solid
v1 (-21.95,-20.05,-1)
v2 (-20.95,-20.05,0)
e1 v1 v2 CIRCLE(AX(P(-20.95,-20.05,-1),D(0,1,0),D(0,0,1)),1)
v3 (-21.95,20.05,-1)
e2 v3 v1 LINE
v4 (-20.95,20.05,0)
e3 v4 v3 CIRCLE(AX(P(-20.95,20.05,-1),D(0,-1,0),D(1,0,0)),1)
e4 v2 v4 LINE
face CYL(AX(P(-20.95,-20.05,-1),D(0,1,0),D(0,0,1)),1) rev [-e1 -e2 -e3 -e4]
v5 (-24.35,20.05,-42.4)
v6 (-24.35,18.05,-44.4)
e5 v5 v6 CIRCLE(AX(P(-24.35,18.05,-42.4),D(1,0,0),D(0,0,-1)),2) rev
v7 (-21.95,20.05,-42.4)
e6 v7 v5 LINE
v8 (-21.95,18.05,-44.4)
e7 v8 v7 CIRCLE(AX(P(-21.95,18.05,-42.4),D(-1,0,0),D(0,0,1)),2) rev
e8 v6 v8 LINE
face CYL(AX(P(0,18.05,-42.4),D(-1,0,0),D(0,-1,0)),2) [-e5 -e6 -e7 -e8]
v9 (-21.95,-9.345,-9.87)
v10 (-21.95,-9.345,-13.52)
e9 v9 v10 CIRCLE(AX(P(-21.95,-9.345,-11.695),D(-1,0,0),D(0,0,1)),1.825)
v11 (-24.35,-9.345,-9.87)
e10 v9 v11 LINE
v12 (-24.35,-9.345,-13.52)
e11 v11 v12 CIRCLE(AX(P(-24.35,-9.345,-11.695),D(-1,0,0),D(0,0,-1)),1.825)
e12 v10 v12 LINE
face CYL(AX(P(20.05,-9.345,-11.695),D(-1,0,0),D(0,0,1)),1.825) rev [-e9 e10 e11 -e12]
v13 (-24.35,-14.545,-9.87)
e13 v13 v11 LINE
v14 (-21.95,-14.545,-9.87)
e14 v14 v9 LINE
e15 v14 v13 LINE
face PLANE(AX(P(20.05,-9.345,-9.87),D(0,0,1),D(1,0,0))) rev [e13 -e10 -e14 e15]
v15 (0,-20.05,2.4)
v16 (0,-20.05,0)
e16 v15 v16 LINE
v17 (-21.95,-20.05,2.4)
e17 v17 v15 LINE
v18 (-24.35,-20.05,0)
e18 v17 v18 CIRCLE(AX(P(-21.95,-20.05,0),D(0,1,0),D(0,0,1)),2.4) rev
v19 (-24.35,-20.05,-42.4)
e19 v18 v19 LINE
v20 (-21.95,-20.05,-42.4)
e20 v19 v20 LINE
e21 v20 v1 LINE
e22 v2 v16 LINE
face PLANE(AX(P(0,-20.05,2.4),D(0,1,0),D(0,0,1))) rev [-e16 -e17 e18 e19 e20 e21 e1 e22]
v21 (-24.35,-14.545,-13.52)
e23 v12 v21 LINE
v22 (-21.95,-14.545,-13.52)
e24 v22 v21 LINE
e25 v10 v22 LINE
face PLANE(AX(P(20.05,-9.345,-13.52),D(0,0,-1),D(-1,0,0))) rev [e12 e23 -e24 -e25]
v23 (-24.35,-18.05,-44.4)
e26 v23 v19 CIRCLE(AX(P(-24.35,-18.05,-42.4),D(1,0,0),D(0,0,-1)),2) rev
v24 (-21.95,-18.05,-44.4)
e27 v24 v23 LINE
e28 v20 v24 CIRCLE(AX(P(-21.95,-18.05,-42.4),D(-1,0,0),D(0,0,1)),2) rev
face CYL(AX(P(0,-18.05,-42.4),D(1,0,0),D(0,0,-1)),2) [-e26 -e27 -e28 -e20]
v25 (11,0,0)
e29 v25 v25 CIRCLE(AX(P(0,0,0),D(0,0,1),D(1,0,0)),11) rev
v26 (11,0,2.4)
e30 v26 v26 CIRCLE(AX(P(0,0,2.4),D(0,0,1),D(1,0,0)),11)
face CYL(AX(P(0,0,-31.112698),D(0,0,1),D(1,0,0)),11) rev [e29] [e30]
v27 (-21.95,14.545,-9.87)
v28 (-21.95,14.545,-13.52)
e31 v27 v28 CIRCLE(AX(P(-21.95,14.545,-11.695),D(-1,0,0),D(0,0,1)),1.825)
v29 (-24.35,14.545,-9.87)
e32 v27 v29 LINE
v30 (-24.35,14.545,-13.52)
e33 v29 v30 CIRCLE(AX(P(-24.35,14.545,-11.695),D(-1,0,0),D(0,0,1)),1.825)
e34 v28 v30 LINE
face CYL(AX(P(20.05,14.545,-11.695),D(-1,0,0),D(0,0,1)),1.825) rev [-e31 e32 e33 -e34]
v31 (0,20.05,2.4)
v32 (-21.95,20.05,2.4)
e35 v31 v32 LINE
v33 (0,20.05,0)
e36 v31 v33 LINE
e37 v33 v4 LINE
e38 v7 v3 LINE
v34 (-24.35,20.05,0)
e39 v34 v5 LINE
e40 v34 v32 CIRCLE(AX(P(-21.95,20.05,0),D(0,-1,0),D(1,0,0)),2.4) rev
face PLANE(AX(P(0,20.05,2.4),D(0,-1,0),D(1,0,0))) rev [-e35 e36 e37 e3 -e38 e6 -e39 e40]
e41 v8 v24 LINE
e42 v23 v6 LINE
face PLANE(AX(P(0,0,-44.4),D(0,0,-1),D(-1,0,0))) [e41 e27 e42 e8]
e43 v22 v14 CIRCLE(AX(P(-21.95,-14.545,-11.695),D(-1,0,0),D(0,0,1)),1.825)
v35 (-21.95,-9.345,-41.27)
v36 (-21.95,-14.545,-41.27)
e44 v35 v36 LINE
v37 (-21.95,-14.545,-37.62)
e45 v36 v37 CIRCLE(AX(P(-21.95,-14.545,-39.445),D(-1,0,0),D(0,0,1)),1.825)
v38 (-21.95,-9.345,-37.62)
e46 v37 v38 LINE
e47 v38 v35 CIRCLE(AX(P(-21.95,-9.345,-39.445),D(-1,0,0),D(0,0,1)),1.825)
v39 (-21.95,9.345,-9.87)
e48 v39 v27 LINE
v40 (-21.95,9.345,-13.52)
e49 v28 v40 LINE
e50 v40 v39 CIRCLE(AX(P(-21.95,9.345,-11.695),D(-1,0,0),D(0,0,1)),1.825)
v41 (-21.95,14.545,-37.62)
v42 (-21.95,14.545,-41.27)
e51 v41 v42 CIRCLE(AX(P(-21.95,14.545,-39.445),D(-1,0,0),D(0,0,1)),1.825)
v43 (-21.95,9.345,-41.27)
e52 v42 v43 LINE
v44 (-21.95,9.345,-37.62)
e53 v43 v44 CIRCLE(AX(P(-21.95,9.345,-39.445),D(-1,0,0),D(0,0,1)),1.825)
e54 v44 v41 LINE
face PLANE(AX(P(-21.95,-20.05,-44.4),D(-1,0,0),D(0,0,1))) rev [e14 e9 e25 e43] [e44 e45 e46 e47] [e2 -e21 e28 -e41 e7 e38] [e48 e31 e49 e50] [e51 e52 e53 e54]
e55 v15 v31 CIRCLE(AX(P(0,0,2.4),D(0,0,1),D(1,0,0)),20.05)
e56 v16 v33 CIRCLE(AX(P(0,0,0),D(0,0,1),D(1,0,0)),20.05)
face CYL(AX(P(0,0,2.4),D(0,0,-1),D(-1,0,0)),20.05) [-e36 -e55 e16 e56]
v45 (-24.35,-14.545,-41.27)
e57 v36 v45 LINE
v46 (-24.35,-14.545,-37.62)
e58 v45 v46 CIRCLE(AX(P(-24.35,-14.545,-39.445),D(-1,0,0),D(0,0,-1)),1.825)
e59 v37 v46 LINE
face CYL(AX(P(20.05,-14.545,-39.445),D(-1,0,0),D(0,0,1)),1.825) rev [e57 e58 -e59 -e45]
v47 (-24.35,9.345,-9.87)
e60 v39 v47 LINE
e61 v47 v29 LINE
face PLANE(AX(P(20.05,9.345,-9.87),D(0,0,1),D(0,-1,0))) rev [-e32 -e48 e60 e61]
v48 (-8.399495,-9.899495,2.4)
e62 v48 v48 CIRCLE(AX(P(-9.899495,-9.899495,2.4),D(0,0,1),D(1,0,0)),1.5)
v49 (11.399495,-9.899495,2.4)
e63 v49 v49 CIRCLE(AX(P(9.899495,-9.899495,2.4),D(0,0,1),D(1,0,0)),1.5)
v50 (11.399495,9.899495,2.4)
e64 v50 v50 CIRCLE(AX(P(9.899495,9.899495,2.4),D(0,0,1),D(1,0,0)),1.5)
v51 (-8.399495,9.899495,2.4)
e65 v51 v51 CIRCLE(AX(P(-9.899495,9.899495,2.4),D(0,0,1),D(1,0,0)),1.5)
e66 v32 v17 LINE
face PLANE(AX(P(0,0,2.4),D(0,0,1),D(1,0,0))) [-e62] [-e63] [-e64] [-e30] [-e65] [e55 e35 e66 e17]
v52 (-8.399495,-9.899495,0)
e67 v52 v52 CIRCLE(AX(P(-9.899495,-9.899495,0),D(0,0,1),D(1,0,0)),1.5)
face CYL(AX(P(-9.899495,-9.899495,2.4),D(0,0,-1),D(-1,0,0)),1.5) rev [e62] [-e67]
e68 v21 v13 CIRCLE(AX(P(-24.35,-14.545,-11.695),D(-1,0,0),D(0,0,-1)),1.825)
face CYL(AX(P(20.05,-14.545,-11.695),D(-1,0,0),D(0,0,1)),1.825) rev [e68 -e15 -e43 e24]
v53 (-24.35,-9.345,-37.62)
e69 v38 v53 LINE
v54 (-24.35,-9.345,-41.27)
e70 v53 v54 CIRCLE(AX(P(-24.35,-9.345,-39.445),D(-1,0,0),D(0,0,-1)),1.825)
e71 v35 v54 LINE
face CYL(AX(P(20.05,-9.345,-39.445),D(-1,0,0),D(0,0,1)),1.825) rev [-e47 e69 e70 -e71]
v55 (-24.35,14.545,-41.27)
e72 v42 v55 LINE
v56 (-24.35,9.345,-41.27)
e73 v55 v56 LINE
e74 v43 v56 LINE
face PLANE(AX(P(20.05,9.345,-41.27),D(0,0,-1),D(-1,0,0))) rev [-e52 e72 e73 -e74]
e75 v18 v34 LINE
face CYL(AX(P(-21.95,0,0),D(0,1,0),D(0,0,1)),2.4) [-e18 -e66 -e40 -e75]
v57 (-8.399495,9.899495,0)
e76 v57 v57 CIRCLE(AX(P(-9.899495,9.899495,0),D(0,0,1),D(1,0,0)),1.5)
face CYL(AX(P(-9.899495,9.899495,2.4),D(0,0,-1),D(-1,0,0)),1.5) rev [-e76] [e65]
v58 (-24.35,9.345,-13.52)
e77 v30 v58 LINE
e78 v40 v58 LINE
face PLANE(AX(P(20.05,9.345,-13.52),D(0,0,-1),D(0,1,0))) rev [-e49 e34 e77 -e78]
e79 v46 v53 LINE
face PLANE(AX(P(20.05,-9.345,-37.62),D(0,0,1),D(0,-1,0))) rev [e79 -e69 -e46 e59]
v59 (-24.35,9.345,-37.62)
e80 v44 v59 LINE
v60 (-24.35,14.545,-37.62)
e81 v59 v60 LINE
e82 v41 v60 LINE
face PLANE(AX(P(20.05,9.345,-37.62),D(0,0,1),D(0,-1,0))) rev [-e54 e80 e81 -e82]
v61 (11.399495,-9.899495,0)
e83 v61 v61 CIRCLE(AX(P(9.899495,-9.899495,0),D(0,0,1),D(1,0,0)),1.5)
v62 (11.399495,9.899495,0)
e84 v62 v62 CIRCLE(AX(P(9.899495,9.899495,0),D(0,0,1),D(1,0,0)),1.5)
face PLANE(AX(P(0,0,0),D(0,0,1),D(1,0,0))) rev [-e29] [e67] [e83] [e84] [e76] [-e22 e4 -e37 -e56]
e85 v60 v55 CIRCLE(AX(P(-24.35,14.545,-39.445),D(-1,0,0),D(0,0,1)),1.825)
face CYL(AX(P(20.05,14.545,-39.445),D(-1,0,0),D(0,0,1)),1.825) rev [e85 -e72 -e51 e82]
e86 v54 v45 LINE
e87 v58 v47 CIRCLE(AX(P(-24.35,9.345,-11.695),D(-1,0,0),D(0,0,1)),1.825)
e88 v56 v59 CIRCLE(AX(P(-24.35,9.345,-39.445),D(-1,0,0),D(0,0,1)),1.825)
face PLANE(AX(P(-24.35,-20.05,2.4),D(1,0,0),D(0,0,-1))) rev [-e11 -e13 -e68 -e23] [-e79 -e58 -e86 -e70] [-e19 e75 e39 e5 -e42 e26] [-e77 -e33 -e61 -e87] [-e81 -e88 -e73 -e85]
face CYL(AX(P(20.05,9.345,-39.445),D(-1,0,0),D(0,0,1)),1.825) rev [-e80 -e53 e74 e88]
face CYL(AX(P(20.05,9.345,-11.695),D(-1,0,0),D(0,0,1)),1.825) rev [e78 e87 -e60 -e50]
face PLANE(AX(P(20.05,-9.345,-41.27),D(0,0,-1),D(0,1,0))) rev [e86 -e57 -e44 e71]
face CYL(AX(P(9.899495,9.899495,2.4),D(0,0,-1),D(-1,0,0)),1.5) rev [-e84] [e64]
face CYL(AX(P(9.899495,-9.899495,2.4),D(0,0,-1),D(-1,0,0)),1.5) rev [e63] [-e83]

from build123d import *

# Parameters (mm, degrees)
SKETCH1_R           = 1.5
BOSS_EXTRUDE1_DEPTH = 2.4
SKETCH2_W           = 2.4
SKETCH2_H           = 40.1
BOSS_EXTRUDE2_DEPTH = 44.4
FILLET2_R           = 1
FILLET3_R           = 2.4
FILLET4_R           = 2
CUT_EXTRUDE1_DEPTH  = 45.4
SKETCH4_R           = 4
CUT_EXTRUDE2_DEPTH  = 2.4
SKETCH5_R           = 11
CUT_EXTRUDE3_DEPTH  = 2.4


with BuildPart() as part:
    # Sketch1 → Boss-Extrude1 (new body)
    with BuildSketch(Plane.XY):
        with BuildLine():
            Line((0, -20.05), (-24.35, -20.05))
            Line((-24.35, -20.05), (-24.35, 20.05))
            Line((-24.35, 20.05), (0, 20.05))
            ThreePointArc((0, 20.05), (20.05, 0), (0, -20.05))
        make_face()
        with Locations((-9.899494937, -9.899494937)):
            Circle(SKETCH1_R, mode=Mode.SUBTRACT)
        with Locations((-9.899494937, 9.899494937)):
            Circle(SKETCH1_R, mode=Mode.SUBTRACT)
        with Locations((9.899494937, 9.899494937)):
            Circle(SKETCH1_R, mode=Mode.SUBTRACT)
        with Locations((9.899494937, -9.899494937)):
            Circle(SKETCH1_R, mode=Mode.SUBTRACT)
    extrude(amount=BOSS_EXTRUDE1_DEPTH)

    # Sketch2 → Boss-Extrude2 (add)
    with BuildSketch(Plane(origin=(0, 0, 0), x_dir=(-1, 0, 0), z_dir=(0, 0, -1))):
        with Locations((23.15, 0)):
            Rectangle(SKETCH2_W, SKETCH2_H)
    extrude(amount=BOSS_EXTRUDE2_DEPTH)

    # Fillet2
    fillet2_edges = [part.edges().sort_by_distance(p)[0] for p in [
        (-21.95, 0, 0),
    ]]
    fillet(fillet2_edges, radius=FILLET2_R)

    # Fillet3
    fillet3_edges = [part.edges().sort_by_distance(p)[0] for p in [
        (-24.35, 0, 2.4),
    ]]
    fillet(fillet3_edges, radius=FILLET3_R)

    # Fillet4
    fillet4_edges = [part.edges().sort_by_distance(p)[0] for p in [
        (-23.15, 20.05, -44.4),
        (-23.15, -20.05, -44.4),
    ]]
    fillet(fillet4_edges, radius=FILLET4_R)

    # Sketch3 → Cut-Extrude1 (cut, through all)
    with BuildSketch(Plane.ZY.offset(24.35)):
        with BuildLine():
            Line((-41.27, 9.345), (-41.27, 14.545))
            ThreePointArc((-41.27, 14.545), (-39.445, 16.37), (-37.62, 14.545))
            Line((-37.62, 14.545), (-37.62, 9.345))
            ThreePointArc((-37.62, 9.345), (-39.445, 7.52), (-41.27, 9.345))
        make_face()
        with BuildLine():
            Line((-13.52, 9.345), (-13.52, 14.545))
            ThreePointArc((-13.52, 14.545), (-11.695, 16.37), (-9.87, 14.545))
            Line((-9.87, 14.545), (-9.87, 9.345))
            ThreePointArc((-9.87, 9.345), (-11.695, 7.52), (-13.52, 9.345))
        make_face()
        with BuildLine():
            Line((-41.27, -9.345), (-41.27, -14.545))
            ThreePointArc((-41.27, -14.545), (-39.445, -16.37), (-37.62, -14.545))
            Line((-37.62, -14.545), (-37.62, -9.345))
            ThreePointArc((-37.62, -9.345), (-39.445, -7.52), (-41.27, -9.345))
        make_face()
        with BuildLine():
            Line((-13.52, -9.345), (-13.52, -14.545))
            ThreePointArc((-13.52, -14.545), (-11.695, -16.37), (-9.87, -14.545))
            Line((-9.87, -14.545), (-9.87, -9.345))
            ThreePointArc((-9.87, -9.345), (-11.695, -7.52), (-13.52, -9.345))
        make_face()
    extrude(amount=-CUT_EXTRUDE1_DEPTH, mode=Mode.SUBTRACT)

    # Sketch4 → Cut-Extrude2 (cut)
    with BuildSketch(Plane.XY.offset(2.4)):
        Circle(SKETCH4_R)
    extrude(amount=-CUT_EXTRUDE2_DEPTH, mode=Mode.SUBTRACT)

    # Sketch5 → Cut-Extrude3 (cut)
    with BuildSketch(Plane.XY.offset(2.4)):
        Circle(SKETCH5_R)
    extrude(amount=-CUT_EXTRUDE3_DEPTH, mode=Mode.SUBTRACT)


solid = part.part
